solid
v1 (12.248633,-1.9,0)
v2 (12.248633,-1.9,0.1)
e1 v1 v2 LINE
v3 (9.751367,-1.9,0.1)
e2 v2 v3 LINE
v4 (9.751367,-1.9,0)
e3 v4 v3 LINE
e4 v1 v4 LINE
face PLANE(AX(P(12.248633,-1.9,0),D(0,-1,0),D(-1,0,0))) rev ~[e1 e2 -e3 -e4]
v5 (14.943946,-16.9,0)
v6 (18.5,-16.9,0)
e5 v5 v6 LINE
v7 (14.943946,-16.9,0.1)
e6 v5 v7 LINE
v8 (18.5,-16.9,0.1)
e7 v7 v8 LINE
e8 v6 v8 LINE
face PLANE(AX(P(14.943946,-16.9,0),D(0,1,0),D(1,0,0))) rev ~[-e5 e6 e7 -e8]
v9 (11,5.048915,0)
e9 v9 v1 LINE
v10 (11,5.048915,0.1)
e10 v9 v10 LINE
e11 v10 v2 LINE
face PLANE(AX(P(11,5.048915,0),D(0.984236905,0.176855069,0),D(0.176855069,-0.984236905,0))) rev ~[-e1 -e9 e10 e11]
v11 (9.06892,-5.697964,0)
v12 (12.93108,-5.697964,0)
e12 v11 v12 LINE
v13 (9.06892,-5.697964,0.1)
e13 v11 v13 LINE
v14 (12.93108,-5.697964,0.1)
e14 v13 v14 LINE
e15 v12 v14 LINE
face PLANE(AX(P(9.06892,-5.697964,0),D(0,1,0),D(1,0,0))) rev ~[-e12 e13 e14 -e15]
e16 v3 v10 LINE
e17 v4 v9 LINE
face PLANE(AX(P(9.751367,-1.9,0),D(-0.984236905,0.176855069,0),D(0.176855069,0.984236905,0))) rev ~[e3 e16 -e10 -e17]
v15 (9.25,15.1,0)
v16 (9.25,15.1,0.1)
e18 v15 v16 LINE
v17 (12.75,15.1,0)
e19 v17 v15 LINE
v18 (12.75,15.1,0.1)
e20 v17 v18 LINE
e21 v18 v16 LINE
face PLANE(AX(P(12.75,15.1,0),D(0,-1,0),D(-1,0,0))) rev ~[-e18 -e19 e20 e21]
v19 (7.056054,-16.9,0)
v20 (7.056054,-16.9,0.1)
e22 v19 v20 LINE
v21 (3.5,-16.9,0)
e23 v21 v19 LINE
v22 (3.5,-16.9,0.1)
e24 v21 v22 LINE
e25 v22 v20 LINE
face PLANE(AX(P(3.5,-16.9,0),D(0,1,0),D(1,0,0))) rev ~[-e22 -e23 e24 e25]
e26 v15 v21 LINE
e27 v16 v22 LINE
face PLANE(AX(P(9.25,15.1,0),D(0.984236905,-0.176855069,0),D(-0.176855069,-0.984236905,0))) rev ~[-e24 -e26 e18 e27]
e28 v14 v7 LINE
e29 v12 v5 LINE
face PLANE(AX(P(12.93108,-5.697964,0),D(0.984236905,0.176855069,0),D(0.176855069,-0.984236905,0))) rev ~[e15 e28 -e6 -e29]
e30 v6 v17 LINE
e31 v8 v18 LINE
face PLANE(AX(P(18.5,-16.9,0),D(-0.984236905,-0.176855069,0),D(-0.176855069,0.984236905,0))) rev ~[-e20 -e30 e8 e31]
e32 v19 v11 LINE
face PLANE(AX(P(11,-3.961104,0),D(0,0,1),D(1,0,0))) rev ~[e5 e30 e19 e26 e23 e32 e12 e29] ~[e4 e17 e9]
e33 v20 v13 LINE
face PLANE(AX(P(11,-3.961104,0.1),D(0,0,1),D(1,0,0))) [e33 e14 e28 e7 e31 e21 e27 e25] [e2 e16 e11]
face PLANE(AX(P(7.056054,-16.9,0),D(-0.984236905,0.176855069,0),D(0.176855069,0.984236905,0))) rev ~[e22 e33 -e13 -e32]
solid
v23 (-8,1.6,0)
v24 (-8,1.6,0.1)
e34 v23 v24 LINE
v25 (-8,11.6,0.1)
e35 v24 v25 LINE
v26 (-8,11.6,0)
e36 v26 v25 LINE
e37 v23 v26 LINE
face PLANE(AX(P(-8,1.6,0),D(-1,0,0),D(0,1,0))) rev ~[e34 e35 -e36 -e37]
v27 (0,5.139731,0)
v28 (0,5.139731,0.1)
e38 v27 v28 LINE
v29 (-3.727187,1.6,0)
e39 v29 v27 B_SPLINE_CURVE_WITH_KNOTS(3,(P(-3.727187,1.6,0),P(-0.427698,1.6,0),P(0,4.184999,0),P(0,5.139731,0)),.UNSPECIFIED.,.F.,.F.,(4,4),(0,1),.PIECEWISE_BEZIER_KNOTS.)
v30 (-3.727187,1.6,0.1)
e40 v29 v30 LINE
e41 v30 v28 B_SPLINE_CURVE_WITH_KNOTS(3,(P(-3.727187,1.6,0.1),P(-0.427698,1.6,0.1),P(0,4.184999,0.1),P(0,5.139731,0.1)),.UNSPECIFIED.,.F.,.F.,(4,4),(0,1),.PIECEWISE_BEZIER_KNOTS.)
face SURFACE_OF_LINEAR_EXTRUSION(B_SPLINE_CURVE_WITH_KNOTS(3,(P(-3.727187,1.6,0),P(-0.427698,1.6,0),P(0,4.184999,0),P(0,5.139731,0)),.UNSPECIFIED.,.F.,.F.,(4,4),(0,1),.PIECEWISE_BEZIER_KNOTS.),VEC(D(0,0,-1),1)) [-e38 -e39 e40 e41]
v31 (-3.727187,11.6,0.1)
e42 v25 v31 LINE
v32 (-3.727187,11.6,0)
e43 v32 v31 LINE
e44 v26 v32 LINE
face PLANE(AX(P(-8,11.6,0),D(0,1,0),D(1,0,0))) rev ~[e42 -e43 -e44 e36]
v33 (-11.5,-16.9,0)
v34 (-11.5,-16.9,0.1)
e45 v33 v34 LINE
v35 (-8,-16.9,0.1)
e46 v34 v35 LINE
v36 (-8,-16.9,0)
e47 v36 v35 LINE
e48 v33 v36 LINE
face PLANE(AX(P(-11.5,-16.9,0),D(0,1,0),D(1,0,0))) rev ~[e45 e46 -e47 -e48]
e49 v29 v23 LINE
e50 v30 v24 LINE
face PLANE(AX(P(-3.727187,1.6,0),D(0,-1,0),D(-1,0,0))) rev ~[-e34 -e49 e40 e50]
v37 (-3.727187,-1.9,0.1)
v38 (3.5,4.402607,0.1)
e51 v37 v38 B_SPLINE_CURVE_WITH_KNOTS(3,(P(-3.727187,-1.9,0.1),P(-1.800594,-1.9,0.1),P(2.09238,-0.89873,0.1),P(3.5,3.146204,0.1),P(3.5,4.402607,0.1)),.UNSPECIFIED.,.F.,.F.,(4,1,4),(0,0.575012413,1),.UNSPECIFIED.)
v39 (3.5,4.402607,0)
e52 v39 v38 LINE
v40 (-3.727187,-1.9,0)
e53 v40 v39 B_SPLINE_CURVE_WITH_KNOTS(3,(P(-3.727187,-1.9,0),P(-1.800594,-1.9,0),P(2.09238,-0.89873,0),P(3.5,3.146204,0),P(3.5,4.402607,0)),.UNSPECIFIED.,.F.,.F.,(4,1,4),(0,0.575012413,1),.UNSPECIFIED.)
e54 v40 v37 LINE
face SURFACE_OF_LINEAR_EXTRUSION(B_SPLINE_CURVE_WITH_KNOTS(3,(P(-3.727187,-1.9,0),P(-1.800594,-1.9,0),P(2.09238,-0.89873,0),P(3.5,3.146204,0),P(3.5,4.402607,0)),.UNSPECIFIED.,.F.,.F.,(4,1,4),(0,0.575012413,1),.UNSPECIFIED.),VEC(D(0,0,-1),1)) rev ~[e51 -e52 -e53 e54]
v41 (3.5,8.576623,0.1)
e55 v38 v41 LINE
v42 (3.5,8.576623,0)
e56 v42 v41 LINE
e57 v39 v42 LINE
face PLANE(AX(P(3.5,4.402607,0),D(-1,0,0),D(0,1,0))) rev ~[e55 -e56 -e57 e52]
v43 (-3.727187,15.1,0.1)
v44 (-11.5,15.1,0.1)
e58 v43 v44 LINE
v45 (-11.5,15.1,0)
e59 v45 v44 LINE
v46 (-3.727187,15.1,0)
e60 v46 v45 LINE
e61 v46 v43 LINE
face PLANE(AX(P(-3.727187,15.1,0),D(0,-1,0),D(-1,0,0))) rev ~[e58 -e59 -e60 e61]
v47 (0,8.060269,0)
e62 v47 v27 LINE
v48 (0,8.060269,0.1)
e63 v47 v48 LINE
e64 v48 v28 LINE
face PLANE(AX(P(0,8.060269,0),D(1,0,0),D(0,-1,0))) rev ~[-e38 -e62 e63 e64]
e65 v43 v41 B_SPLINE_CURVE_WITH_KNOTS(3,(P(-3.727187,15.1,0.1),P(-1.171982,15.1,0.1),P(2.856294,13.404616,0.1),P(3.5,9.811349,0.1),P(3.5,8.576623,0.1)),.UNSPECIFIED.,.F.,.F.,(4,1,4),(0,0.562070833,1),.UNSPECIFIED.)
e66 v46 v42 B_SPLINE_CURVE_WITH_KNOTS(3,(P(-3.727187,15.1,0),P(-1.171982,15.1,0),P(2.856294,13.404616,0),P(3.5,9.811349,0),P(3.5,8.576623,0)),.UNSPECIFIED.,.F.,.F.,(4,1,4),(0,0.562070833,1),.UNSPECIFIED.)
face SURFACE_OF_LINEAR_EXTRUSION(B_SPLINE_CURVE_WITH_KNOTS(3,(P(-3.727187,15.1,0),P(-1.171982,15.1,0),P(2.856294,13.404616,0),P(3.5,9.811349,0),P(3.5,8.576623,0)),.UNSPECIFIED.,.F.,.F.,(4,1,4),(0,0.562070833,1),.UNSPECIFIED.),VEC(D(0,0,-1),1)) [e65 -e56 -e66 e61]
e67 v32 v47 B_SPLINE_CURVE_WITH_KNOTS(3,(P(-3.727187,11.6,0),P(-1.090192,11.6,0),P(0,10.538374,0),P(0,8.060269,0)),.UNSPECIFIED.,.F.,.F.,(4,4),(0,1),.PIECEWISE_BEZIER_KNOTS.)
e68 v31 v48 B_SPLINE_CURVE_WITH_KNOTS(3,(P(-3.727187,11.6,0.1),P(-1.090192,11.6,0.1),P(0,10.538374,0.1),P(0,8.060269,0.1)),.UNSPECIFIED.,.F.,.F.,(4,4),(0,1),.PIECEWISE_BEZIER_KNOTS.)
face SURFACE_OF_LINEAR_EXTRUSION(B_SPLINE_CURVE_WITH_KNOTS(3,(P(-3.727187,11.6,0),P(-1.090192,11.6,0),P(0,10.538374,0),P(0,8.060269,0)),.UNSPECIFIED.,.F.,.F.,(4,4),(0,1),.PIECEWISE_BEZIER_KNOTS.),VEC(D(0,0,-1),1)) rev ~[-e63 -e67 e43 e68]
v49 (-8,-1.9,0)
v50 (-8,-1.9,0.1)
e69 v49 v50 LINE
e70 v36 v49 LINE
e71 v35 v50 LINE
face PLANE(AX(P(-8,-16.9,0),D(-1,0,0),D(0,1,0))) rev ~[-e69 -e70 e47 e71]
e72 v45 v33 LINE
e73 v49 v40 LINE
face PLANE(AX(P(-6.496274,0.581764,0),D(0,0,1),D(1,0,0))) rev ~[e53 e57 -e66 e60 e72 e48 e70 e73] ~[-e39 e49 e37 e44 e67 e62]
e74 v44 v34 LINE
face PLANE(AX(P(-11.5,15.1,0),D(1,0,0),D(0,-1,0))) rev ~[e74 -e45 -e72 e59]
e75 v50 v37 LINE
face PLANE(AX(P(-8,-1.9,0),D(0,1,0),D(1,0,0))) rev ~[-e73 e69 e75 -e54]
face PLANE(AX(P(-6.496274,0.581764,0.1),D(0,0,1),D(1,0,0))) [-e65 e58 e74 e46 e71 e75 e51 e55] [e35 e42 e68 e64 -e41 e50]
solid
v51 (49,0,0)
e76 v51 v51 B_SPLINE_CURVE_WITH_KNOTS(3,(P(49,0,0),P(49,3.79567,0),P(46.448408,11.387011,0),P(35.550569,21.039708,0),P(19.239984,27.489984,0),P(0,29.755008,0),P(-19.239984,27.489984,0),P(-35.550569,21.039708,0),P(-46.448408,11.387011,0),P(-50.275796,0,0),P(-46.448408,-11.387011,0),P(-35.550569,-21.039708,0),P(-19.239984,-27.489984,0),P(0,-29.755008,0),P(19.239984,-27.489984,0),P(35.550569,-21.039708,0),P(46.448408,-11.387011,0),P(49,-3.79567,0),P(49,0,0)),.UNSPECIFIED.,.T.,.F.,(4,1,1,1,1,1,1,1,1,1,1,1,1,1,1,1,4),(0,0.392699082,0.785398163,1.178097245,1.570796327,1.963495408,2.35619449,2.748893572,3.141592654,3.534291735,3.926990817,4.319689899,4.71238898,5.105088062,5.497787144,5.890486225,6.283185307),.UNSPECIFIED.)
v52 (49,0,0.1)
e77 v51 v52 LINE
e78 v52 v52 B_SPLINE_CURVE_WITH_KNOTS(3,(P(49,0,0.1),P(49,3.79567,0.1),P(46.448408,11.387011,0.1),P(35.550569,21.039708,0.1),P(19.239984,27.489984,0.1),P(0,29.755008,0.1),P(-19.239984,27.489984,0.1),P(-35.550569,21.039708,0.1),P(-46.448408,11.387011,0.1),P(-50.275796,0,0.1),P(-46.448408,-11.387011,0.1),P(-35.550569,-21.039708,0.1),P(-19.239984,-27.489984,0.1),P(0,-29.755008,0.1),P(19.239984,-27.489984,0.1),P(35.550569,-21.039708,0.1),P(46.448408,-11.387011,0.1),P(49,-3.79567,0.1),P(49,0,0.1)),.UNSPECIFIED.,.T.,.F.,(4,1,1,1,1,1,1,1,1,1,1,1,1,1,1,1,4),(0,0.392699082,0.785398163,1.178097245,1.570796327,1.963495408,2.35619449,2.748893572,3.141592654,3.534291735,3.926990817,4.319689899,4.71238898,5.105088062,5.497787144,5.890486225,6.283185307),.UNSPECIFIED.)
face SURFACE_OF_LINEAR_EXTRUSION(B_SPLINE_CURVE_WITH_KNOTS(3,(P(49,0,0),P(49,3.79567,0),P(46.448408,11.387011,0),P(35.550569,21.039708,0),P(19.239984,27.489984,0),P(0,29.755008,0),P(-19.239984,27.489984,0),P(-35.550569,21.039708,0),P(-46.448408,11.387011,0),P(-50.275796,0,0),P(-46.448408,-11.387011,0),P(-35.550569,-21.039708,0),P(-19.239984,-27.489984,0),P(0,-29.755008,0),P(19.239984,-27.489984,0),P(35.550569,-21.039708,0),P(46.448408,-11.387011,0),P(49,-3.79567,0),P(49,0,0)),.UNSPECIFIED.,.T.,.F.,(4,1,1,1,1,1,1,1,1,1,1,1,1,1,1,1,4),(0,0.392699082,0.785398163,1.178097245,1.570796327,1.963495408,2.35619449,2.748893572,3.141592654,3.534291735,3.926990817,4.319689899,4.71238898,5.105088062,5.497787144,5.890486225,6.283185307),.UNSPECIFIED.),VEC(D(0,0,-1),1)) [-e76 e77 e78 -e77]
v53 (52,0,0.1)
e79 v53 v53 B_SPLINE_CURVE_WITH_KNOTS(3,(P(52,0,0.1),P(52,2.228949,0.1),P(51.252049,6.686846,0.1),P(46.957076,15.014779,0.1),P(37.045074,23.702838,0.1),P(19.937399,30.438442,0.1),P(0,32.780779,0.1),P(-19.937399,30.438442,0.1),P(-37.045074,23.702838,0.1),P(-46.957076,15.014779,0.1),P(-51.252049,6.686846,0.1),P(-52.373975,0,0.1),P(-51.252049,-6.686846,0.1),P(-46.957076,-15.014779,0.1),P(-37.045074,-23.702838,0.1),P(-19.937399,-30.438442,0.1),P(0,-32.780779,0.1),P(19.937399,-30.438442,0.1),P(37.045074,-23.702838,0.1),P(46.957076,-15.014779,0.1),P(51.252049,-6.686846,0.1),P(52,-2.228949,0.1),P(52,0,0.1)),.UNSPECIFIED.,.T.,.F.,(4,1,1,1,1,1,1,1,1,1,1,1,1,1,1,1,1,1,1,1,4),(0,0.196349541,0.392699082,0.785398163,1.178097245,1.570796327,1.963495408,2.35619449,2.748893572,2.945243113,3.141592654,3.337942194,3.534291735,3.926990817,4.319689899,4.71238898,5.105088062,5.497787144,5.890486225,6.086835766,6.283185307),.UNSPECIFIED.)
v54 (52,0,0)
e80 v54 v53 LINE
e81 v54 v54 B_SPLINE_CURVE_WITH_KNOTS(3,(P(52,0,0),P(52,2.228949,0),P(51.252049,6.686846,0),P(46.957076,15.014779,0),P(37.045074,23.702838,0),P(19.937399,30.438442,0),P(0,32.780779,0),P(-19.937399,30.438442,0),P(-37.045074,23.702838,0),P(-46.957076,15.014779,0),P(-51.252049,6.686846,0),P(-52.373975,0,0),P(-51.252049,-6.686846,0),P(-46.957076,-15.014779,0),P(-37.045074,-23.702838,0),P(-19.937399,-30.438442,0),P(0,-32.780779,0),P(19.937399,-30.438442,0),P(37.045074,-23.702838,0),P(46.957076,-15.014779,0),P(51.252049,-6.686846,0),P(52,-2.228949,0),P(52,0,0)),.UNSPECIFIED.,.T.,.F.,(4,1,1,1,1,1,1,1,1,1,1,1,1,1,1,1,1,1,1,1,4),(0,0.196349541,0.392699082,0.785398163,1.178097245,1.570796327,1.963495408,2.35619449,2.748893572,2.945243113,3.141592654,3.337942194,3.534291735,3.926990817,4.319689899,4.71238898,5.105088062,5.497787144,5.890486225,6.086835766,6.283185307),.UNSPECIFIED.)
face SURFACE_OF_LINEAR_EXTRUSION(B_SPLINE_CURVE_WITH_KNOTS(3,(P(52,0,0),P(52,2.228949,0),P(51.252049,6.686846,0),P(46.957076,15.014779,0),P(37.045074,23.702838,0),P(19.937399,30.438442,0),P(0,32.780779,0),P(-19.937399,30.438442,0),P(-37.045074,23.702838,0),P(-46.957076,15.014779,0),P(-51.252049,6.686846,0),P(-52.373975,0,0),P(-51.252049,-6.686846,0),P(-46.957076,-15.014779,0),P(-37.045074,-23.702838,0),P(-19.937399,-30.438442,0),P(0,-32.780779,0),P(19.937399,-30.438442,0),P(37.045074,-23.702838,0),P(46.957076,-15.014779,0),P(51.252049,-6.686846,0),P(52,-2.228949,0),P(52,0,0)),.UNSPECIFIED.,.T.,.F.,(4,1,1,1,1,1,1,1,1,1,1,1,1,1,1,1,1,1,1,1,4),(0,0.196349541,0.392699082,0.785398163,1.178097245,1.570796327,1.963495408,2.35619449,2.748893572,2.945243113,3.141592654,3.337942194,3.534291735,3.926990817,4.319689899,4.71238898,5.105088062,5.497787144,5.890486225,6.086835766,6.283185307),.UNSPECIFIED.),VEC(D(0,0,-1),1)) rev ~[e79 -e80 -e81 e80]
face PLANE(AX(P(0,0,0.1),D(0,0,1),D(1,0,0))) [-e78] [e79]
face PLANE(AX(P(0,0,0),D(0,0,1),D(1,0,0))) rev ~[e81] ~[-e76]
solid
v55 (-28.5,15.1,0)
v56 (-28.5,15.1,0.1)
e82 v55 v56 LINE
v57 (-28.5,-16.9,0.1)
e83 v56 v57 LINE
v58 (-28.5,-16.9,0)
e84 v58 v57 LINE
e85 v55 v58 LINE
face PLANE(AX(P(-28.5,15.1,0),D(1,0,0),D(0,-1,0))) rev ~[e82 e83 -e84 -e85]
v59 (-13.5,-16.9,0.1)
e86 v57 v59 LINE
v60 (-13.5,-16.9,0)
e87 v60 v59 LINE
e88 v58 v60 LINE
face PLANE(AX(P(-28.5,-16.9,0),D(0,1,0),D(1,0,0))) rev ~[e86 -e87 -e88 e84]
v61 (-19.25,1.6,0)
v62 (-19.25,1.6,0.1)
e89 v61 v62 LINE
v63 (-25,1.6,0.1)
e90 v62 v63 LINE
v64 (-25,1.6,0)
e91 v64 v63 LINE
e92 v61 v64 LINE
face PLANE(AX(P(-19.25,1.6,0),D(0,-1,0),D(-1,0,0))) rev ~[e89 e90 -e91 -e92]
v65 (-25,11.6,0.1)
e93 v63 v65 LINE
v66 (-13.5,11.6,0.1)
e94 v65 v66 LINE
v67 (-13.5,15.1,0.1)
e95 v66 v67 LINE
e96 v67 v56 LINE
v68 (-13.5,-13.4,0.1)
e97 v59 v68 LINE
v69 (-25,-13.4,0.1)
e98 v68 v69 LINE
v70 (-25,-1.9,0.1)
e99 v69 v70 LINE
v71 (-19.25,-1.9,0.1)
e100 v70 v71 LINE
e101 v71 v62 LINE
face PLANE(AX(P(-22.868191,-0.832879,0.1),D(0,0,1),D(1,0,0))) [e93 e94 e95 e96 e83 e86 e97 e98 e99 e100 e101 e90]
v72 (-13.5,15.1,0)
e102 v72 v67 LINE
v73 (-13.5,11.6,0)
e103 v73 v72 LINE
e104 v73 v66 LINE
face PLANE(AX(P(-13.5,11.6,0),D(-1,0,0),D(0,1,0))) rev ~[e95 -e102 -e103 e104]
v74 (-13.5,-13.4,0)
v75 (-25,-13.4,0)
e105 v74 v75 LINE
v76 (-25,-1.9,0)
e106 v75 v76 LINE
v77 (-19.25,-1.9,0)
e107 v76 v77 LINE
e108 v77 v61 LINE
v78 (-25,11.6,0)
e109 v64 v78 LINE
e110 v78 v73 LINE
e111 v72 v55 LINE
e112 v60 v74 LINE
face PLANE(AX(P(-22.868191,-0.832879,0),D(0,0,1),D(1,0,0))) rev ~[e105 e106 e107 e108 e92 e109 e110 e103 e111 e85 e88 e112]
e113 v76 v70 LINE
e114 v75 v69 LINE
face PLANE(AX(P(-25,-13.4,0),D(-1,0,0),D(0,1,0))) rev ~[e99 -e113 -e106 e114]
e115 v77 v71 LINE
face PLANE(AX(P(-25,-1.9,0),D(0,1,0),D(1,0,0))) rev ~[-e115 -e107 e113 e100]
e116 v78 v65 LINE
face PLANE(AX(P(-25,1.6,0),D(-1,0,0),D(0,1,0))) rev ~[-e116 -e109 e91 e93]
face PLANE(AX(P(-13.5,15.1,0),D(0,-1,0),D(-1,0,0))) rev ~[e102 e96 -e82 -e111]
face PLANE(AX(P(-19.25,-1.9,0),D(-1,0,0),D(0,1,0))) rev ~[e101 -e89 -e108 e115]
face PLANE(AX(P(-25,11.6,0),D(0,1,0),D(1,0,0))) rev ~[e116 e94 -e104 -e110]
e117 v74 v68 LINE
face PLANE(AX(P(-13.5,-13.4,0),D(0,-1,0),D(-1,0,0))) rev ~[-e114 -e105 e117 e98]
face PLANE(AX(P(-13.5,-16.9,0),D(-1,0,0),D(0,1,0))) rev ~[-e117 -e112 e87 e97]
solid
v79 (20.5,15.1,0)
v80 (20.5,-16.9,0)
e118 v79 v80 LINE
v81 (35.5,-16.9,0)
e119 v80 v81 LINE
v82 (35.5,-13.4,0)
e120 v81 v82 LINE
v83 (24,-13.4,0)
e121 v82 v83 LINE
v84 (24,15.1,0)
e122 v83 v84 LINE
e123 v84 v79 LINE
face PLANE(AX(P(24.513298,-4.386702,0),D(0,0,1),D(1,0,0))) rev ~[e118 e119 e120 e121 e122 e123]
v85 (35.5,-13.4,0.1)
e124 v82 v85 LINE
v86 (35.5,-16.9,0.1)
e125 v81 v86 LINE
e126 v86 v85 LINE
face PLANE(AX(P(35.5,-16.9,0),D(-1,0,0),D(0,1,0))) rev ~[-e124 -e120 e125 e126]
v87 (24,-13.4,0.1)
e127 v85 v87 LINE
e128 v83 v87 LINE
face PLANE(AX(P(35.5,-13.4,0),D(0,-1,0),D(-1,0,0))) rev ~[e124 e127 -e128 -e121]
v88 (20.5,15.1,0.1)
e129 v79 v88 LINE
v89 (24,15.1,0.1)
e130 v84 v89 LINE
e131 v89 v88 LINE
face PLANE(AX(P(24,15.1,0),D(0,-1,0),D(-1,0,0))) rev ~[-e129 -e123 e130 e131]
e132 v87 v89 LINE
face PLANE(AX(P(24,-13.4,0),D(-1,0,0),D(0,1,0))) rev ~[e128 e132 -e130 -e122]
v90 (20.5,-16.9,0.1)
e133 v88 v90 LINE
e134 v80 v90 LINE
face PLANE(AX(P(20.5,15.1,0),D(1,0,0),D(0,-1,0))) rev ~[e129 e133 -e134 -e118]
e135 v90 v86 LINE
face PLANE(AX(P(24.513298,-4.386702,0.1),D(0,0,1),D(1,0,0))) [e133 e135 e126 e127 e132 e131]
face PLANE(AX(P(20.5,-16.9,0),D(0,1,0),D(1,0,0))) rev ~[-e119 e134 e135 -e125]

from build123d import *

# Parameters (mm, degrees)
BOSS_EXTRUDE2_DEPTH   = 0.1
BOSS_EXTRUDE2_2_DEPTH = 0.1
BOSS_EXTRUDE2_3_DEPTH = 0.1
BOSS_EXTRUDE2_4_DEPTH = 0.1
BOSS_EXTRUDE2_5_DEPTH = 0.1


with BuildPart() as part:
    # Sketch2 → Boss-Extrude2 (new body)
    with BuildSketch(Plane.XY):
        Polygon((-28.5, 15.1), (-28.5, -16.9), (-13.5, -16.9), (-13.5, -13.4), (-25, -13.4), (-25, -1.9), (-19.25, -1.9), (-19.25, 1.6), (-25, 1.6), (-25, 11.6), (-13.5, 11.6), (-13.5, 15.1), align=None)
    extrude(amount=BOSS_EXTRUDE2_DEPTH)


with BuildPart() as body_2:
    # Sketch2 → Boss-Extrude2 2 (new body)
    with BuildSketch(Plane.XY):
        with BuildLine():
            Line((-3.727187149, 15.1), (-11.5, 15.1))
            Line((-11.5, 15.1), (-11.5, -16.9))
            Line((-11.5, -16.9), (-8, -16.9))
            Line((-8, -16.9), (-8, -1.9))
            Line((-8, -1.9), (-3.727187149, -1.9))
            add(Edge.make_bspline(
                [(-3.727187149, -1.9), (-1.800593694, -1.9), (2.092379735, -0.898729508), (3.5, 3.146204469), (3.5, 4.402607436)],
                knots=[0, 0, 0, 0, 0.575012413, 1, 1, 1, 1], degree=3))
            Line((3.5, 4.402607436), (3.5, 8.576622723))
            add(Edge.make_bspline(
                [(-3.727187149, 15.1), (-1.171981894, 15.1), (2.856293535, 13.404615826), (3.5, 9.811349168), (3.5, 8.576622723)],
                knots=[0, 0, 0, 0, 0.562070833, 1, 1, 1, 1], degree=3))
        make_face()
        with BuildLine():
            Line((-8, 11.6), (-3.727187149, 11.6))
            add(Edge.make_bspline(
                [(-3.727187149, 11.6), (-1.090192408, 11.6), (0, 10.538373851), (0, 8.060268689)],
                knots=[0, 0, 0, 0, 1, 1, 1, 1], degree=3))
            Line((0, 8.060268689), (0, 5.139731311))
            add(Edge.make_bspline(
                [(-3.727187149, 1.6), (-0.42769757, 1.6), (0, 4.184998685), (0, 5.139731311)],
                knots=[0, 0, 0, 0, 1, 1, 1, 1], degree=3))
            Line((-3.727187149, 1.6), (-8, 1.6))
            Line((-8, 1.6), (-8, 11.6))
        make_face(mode=Mode.SUBTRACT)
    extrude(amount=BOSS_EXTRUDE2_2_DEPTH)


with BuildPart() as body_3:
    # Sketch2 → Boss-Extrude2 3 (new body)
    with BuildSketch(Plane.XY):
        Polygon((20.5, -16.9), (35.5, -16.9), (35.5, -13.4), (24, -13.4), (24, 15.1), (20.5, 15.1), align=None)
    extrude(amount=BOSS_EXTRUDE2_3_DEPTH)


with BuildPart() as body_4:
    # Sketch2 → Boss-Extrude2 4 (new body)
    with BuildSketch(Plane.XY):
        Polygon((7.056054425, -16.9), (9.068920287, -5.697963896), (12.931079713, -5.697963896), (14.943945575, -16.9), (18.5, -16.9), (12.75, 15.1), (9.25, 15.1), (3.5, -16.9), align=None)
        Polygon((12.248633075, -1.9), (9.751366925, -1.9), (11, 5.048914506), align=None, mode=Mode.SUBTRACT)
    extrude(amount=BOSS_EXTRUDE2_4_DEPTH)


with BuildPart() as body_5:
    # Sketch2 → Boss-Extrude2 5 (new body)
    with BuildSketch(Plane.XY):
        with BuildLine():
            add(Edge.make_bspline(
                [(52, 0), (52, 2.228948685), (51.252049299, 6.686846055), (46.957076028, 15.014779342), (37.045073505, 23.70283763), (19.937399208, 30.438442012), (0, 32.780778994), (-19.937399208, 30.438442012), (-37.045073505, 23.70283763), (-46.957076028, 15.014779342), (-51.252049299, 6.686846055), (-52.373975351, 0), (-51.252049299, -6.686846055), (-46.957076028, -15.014779342), (-37.045073505, -23.70283763), (-19.937399208, -30.438442012), (0, -32.780778994), (19.937399208, -30.438442012), (37.045073505, -23.70283763), (46.957076028, -15.014779342), (51.252049299, -6.686846055), (52, -2.228948685), (52, 0)],
                knots=[0, 0, 0, 0, 0.196349541, 0.392699082, 0.785398163, 1.178097245, 1.570796327, 1.963495408, 2.35619449, 2.748893572, 2.945243113, 3.141592654, 3.337942194, 3.534291735, 3.926990817, 4.319689899, 4.71238898, 5.105088062, 5.497787144, 5.890486225, 6.086835766, 6.283185307, 6.283185307, 6.283185307, 6.283185307], degree=3))
        make_face()
        with BuildLine():
            add(Edge.make_bspline(
                [(49, 0), (49, 3.795670439), (46.448408259, 11.387011317), (35.55056883, 21.03970762), (19.239984052, 27.489984223), (0, 29.755007889), (-19.239984052, 27.489984223), (-35.55056883, 21.03970762), (-46.448408259, 11.387011317), (-50.27579587, 0), (-46.448408259, -11.387011317), (-35.55056883, -21.03970762), (-19.239984052, -27.489984223), (0, -29.755007889), (19.239984052, -27.489984223), (35.55056883, -21.03970762), (46.448408259, -11.387011317), (49, -3.795670439), (49, 0)],
                knots=[0, 0, 0, 0, 0.392699082, 0.785398163, 1.178097245, 1.570796327, 1.963495408, 2.35619449, 2.748893572, 3.141592654, 3.534291735, 3.926990817, 4.319689899, 4.71238898, 5.105088062, 5.497787144, 5.890486225, 6.283185307, 6.283185307, 6.283185307, 6.283185307], degree=3))
        make_face(mode=Mode.SUBTRACT)
    extrude(amount=BOSS_EXTRUDE2_5_DEPTH)


solid = Compound([part.part, body_2.part, body_3.part, body_4.part, body_5.part])
